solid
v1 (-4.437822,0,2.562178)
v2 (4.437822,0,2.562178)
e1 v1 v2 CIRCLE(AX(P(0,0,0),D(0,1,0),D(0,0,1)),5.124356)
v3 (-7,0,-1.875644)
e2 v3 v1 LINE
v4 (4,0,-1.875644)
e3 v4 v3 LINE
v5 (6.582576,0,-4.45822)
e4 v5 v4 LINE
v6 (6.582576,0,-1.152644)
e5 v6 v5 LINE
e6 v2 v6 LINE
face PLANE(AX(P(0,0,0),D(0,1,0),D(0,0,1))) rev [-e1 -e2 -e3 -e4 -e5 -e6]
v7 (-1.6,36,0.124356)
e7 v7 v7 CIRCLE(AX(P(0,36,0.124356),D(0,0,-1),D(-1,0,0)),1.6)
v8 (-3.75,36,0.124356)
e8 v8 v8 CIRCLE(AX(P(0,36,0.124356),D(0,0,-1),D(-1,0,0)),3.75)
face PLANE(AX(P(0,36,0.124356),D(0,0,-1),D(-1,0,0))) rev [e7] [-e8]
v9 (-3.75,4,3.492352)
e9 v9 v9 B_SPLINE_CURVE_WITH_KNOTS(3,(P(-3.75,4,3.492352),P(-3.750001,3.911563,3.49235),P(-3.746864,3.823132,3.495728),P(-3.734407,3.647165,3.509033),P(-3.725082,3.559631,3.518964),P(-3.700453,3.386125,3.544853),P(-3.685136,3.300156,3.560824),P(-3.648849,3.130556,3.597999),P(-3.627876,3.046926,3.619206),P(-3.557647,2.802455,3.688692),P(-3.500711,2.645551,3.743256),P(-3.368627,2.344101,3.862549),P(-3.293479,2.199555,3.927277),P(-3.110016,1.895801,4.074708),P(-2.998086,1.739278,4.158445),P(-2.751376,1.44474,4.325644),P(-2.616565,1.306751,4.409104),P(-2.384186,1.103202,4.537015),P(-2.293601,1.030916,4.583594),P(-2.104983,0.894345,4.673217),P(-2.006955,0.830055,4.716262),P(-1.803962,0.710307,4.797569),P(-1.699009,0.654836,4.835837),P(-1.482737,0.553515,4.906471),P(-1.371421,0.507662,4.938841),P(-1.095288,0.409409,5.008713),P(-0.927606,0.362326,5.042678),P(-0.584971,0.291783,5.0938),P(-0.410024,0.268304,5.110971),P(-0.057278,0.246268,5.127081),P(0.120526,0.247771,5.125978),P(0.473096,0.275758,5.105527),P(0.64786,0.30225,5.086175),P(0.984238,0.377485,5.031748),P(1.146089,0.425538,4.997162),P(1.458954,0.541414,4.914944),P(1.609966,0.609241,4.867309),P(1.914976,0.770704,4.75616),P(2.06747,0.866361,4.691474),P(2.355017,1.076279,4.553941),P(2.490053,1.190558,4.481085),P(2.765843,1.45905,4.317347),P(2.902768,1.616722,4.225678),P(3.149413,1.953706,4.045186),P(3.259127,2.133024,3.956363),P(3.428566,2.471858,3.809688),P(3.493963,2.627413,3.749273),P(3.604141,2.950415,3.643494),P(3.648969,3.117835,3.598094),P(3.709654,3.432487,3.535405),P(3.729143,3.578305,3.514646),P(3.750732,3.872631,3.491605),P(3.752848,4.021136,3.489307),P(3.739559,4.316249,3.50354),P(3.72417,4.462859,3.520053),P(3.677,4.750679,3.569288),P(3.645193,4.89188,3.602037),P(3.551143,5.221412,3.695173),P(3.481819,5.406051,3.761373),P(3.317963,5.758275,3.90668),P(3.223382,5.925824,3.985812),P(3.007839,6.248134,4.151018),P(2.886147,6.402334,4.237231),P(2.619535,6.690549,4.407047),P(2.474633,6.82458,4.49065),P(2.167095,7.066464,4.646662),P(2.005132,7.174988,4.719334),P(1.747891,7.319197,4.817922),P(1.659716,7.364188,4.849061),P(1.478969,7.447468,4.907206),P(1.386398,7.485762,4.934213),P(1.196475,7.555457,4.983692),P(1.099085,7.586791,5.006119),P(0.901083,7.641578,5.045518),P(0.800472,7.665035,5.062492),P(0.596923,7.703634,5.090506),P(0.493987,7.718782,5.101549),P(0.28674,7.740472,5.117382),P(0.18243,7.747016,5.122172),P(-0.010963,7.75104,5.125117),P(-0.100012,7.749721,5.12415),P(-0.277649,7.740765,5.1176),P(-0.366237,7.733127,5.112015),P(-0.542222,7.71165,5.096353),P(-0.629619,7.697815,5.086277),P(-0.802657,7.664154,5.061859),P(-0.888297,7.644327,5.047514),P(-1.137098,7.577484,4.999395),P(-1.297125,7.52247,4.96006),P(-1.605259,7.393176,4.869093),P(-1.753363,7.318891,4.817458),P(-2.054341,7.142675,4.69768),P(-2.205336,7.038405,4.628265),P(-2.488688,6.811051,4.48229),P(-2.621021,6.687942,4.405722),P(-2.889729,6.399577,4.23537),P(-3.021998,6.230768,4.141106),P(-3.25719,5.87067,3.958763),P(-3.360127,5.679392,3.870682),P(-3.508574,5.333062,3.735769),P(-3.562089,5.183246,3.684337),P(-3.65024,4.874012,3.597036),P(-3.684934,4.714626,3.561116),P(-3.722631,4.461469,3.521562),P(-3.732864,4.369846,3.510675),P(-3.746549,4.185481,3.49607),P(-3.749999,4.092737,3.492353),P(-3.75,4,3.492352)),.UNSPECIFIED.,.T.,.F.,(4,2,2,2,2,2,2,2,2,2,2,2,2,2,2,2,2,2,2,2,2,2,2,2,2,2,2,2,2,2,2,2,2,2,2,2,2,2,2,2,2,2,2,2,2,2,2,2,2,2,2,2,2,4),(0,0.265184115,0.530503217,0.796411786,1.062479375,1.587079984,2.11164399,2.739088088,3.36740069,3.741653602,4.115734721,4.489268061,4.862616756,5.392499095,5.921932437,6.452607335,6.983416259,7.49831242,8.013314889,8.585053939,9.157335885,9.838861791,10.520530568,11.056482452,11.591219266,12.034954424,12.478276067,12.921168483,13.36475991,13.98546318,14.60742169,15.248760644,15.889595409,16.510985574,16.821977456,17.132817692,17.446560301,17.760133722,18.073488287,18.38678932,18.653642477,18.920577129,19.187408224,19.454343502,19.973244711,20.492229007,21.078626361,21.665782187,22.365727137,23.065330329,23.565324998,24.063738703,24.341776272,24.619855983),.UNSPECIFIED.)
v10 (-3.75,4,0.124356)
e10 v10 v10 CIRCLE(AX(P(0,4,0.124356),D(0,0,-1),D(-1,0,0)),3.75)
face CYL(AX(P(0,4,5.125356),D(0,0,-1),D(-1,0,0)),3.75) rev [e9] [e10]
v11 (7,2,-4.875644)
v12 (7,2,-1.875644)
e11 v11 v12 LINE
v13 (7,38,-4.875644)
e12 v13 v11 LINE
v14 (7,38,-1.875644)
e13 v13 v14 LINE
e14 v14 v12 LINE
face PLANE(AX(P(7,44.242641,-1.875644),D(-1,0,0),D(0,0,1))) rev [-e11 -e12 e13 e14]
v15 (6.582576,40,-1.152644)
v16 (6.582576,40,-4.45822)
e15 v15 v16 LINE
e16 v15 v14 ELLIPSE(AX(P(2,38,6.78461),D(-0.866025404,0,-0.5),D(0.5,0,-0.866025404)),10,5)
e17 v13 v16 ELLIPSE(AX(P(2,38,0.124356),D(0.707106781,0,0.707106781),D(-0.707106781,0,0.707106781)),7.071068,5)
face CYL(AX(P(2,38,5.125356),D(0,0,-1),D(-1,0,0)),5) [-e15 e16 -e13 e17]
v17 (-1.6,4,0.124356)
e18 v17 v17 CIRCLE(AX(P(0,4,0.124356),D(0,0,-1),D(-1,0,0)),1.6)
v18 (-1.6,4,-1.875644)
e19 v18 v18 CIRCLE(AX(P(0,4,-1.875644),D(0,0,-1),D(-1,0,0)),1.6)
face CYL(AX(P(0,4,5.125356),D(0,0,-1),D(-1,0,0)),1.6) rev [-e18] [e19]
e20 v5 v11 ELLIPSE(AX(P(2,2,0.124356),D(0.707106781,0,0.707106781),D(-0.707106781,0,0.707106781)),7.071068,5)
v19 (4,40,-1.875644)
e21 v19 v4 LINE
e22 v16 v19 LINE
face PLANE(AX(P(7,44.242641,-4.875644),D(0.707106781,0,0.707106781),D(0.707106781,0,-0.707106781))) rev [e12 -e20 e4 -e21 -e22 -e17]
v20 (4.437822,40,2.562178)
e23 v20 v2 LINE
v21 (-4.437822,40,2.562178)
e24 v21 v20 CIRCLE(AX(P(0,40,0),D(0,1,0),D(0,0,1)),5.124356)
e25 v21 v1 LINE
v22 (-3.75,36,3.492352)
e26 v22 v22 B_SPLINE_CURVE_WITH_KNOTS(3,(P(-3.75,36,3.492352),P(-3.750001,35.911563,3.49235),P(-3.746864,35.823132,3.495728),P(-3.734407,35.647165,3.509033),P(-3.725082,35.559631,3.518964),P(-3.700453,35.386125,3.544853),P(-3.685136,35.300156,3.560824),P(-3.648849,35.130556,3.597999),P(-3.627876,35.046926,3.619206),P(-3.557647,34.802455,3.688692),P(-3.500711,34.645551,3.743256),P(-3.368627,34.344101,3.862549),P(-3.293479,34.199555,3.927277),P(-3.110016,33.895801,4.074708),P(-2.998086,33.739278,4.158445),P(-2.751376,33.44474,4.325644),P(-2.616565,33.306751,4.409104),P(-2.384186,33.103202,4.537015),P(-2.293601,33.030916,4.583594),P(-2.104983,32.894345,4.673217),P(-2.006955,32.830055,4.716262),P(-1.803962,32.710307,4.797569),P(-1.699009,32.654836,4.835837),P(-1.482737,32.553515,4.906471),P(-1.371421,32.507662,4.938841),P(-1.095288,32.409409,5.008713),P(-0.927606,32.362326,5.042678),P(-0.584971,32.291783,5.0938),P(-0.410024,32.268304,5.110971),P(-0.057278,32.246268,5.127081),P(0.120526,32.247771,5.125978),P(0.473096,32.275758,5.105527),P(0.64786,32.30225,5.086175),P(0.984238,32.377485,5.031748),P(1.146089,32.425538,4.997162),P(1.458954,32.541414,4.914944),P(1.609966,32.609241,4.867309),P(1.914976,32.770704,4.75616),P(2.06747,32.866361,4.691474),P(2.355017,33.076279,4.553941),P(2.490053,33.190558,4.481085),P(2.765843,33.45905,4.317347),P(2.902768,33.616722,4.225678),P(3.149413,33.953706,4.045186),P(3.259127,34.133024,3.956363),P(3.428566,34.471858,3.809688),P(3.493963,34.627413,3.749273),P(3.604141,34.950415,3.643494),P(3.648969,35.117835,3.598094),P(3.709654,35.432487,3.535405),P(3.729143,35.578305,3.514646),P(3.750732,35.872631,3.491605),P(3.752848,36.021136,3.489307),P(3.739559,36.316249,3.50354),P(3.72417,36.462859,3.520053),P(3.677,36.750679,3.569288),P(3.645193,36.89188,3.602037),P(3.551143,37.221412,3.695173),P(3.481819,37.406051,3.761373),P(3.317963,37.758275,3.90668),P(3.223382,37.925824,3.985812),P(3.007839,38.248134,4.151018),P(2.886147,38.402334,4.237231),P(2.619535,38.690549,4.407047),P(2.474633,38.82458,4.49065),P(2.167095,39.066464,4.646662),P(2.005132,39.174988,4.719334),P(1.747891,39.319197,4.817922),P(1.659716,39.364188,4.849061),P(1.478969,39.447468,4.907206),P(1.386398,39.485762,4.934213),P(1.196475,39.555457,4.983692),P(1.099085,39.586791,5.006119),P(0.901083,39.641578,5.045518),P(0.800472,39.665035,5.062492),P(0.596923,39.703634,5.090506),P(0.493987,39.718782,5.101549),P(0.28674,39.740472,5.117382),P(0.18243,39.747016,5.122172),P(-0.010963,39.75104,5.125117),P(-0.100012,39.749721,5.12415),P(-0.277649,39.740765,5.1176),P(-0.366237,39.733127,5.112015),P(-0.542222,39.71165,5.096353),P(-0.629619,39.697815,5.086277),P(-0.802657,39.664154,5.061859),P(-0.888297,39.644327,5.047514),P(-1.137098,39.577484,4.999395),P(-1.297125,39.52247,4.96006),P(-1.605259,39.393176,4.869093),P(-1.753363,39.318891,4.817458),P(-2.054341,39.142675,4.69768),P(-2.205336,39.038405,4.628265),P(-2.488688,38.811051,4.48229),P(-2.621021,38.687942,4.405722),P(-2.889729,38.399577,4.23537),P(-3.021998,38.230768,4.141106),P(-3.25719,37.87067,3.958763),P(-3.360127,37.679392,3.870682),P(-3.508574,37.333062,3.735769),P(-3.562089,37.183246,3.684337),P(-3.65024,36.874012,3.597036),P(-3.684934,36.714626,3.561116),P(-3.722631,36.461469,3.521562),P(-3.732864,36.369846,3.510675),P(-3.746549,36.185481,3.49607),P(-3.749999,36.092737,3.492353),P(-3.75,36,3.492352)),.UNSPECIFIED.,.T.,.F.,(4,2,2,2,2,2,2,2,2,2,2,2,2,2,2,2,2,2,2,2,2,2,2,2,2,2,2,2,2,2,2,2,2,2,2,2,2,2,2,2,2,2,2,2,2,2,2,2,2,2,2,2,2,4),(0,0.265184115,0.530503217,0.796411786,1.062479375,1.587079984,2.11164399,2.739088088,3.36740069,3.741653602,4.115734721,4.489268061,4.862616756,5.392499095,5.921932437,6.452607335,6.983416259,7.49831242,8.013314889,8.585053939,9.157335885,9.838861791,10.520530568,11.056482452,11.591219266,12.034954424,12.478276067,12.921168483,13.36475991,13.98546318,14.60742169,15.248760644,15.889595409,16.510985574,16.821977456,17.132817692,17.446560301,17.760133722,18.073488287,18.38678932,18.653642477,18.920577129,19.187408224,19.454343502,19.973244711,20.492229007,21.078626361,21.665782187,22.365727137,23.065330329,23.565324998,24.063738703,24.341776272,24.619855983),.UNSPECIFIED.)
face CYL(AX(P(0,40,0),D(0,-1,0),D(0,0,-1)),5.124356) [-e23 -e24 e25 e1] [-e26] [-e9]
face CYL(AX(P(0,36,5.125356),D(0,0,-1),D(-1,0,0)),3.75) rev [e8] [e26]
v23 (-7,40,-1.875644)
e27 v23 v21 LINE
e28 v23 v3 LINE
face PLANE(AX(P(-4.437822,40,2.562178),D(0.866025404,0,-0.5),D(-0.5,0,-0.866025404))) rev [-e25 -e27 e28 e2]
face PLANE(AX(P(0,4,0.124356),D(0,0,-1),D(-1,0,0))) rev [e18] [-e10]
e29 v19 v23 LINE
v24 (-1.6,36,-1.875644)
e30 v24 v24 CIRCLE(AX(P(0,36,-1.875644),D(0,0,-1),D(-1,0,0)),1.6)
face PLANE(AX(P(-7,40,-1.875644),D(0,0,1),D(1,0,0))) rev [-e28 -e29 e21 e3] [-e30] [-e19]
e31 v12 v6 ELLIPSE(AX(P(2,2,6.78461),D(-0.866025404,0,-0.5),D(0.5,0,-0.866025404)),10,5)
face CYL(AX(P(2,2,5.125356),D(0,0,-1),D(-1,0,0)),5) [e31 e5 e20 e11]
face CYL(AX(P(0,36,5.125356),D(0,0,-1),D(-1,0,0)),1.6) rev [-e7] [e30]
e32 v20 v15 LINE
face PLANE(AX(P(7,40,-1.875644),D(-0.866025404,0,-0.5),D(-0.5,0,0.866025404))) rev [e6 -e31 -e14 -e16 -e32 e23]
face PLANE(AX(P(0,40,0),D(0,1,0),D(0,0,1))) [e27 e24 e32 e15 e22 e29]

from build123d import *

# Parameters (mm, degrees)
EXTRUDE_1_DEPTH          = 40
CUT_EXTRUDE_1_REACH      = 43.207
CUT_EXTRUDE_1_END_RADIUS = 5.124355653
SKETCH_3_R               = 1.6
CUT_EXTRUDE_2_REACH      = 45.207
CUT_EXTRUDE_2_END_RADIUS = 5.124355653
CUT_EXTRUDE_START        = -2
SKETCH_4_R               = 3.75
CUT_EXTRUDE_3_REACH      = 43.207
EXTRUDE_2_REACH          = 42.93
CUT_EXTRUDE_4_REACH      = 43.207


with BuildPart() as part:
    # 草图1 → 凸台-拉伸1 (new body)
    with BuildSketch(Plane(origin=(0, 0, 0), x_dir=(1, 0, 0), z_dir=(0, 1, 0))):
        with BuildLine():
            Line((-4.437822174, -2.562177826), (-7, 1.875644347))
            Line((-7, 1.875644347), (7, 1.875644347))
            Line((7, 1.875644347), (4.437822174, -2.562177826))
            ThreePointArc((4.437822174, -2.562177826), (0, -5.124355653), (-4.437822174, -2.562177826))
        make_face()
    extrude(amount=EXTRUDE_1_DEPTH)

    # 切除-拉伸1: up to this cylinder (the profile starts inside it)
    cut_extrude_1_end = Plane(origin=(0, 20, 0), z_dir=(0, -1, 0)) * Cylinder(CUT_EXTRUDE_1_END_RADIUS, 129.662711306, mode=Mode.PRIVATE)
    # 草图3 → 切除-拉伸1 (cut, up to the surface)
    with BuildSketch(Plane(origin=(0, 0, -1.875644347), x_dir=(-1, 0, 0), z_dir=(0, 0, -1)), mode=Mode.PRIVATE) as cut_extrude_1_sk1:
        with Locations((0, 4)):
            Circle(SKETCH_3_R)
    cut_extrude_1_tool1 = extrude(cut_extrude_1_sk1.sketch, amount=-CUT_EXTRUDE_1_REACH, mode=Mode.PRIVATE) & cut_extrude_1_end
    add(cut_extrude_1_tool1.solids().sort_by_distance((0, 4, -1.875644))[0], mode=Mode.SUBTRACT)
    # 草图3 → 切除-拉伸1 (cut, up to the surface)
    with BuildSketch(Plane(origin=(0, 0, -1.875644347), x_dir=(-1, 0, 0), z_dir=(0, 0, -1)), mode=Mode.PRIVATE) as cut_extrude_1_sk2:
        with Locations((0, 36)):
            Circle(SKETCH_3_R)
    cut_extrude_1_tool2 = extrude(cut_extrude_1_sk2.sketch, amount=-CUT_EXTRUDE_1_REACH, mode=Mode.PRIVATE) & cut_extrude_1_end
    add(cut_extrude_1_tool2.solids().sort_by_distance((0, 36, -1.875644))[0], mode=Mode.SUBTRACT)

    # 切除-拉伸2: up to this cylinder (the profile starts inside it)
    cut_extrude_2_end = Plane(origin=(0, 20, 0), z_dir=(0, -1, 0)) * Cylinder(CUT_EXTRUDE_2_END_RADIUS, 133.662711306, mode=Mode.PRIVATE)
    # 草图4 → 切除-拉伸2 (cut, up to the surface)
    with BuildSketch(Plane(origin=(0, 0, -1.875644347), x_dir=(-1, 0, 0), z_dir=(0, 0, -1)).offset(CUT_EXTRUDE_START), mode=Mode.PRIVATE) as cut_extrude_2_sk1:
        with Locations((0, 4)):
            Circle(SKETCH_4_R)
    cut_extrude_2_tool1 = extrude(cut_extrude_2_sk1.sketch, amount=-CUT_EXTRUDE_2_REACH, mode=Mode.PRIVATE) & cut_extrude_2_end
    add(cut_extrude_2_tool1.solids().sort_by_distance((0, 4, 0.124356))[0], mode=Mode.SUBTRACT)
    # 草图4 → 切除-拉伸2 (cut, up to the surface)
    with BuildSketch(Plane(origin=(0, 0, -1.875644347), x_dir=(-1, 0, 0), z_dir=(0, 0, -1)).offset(CUT_EXTRUDE_START), mode=Mode.PRIVATE) as cut_extrude_2_sk2:
        with Locations((0, 36)):
            Circle(SKETCH_4_R)
    cut_extrude_2_tool2 = extrude(cut_extrude_2_sk2.sketch, amount=-CUT_EXTRUDE_2_REACH, mode=Mode.PRIVATE) & cut_extrude_2_end
    add(cut_extrude_2_tool2.solids().sort_by_distance((0, 36, 0.124356))[0], mode=Mode.SUBTRACT)

    # 草图6 → 切除-拉伸3 (cut, up to next)
    with BuildSketch(Plane(origin=(0, 0, -1.875644347), x_dir=(-1, 0, 0), z_dir=(0, 0, -1)), mode=Mode.PRIVATE) as cut_extrude_3_sk1:
        with BuildLine():
            Line((-7, 2), (-7, 0))
            Line((-7, 0), (-6.582575695, 0))
            ThreePointArc((-6.582575695, 0), (-6.894531565, 0.978451782), (-7, 2))
        make_face()
    cut_extrude_3_tool1 = extrude(cut_extrude_3_sk1.sketch, amount=-CUT_EXTRUDE_3_REACH, mode=Mode.PRIVATE) & part.part
    # 草图6 → 切除-拉伸3 (cut, up to next)
    with BuildSketch(Plane(origin=(0, 0, -1.875644347), x_dir=(-1, 0, 0), z_dir=(0, 0, -1)), mode=Mode.PRIVATE) as cut_extrude_3_sk2:
        with BuildLine():
            Line((-7, 40), (-6.582575695, 40))
            ThreePointArc((-6.582575695, 40), (-6.894531565, 39.021548218), (-7, 38))
            Line((-7, 38), (-7, 40))
        make_face()
    cut_extrude_3_tool2 = extrude(cut_extrude_3_sk2.sketch, amount=-CUT_EXTRUDE_3_REACH, mode=Mode.PRIVATE) & part.part
    add(cut_extrude_3_tool1.solids().sort_by_distance((6.875723, 0.49573, -1.875644))[0], mode=Mode.SUBTRACT)
    add(cut_extrude_3_tool2.solids().sort_by_distance((6.875723, 39.50427, -1.875644))[0], mode=Mode.SUBTRACT)

    # 凸台-拉伸2: up to this face of the body (flat: up to its plane)
    extrude_2_end = Plane(part.part.faces().sort_by_distance((-0.015198687, 40, 1.011851656))[0])
    # 草图7 → 凸台-拉伸2 (add, up to the picked face)
    with BuildSketch(Plane(origin=(0, 0, 0), x_dir=(1, 0, 0), z_dir=(0, 1, 0)), mode=Mode.PRIVATE) as extrude_2_sk1:
        Polygon((7, 1.875644347), (7, 4.875644347), (4, 1.875644347), align=None)
    extrude_2_tool1 = split(extrude(extrude_2_sk1.sketch, amount=EXTRUDE_2_REACH, mode=Mode.PRIVATE), bisect_by=extrude_2_end, keep=Keep.BOTH, mode=Mode.PRIVATE)
    add(extrude_2_tool1.solids().sort_by(Axis((6, 0, -2.875644), (0, 1, 0)))[0])

    # 切除-拉伸4: up to this plane
    cut_extrude_4_end = Plane(origin=(7, 44.242640687, -4.875644347), z_dir=(0.7071067811865476, 0, 0.7071067811865476))
    # 草图8 → 切除-拉伸4 (cut, up to the surface)
    with BuildSketch(Plane.XY.offset(-1.875644347), mode=Mode.PRIVATE) as cut_extrude_4_sk1:
        with BuildLine():
            Line((7, 38), (7, 40))
            Line((7, 40), (6.582575695, 40))
            ThreePointArc((6.582575695, 40), (6.894531565, 39.021548218), (7, 38))
        make_face()
    cut_extrude_4_tool1 = split(extrude(cut_extrude_4_sk1.sketch, amount=-CUT_EXTRUDE_4_REACH, mode=Mode.PRIVATE), bisect_by=cut_extrude_4_end, keep=Keep.BOTH, mode=Mode.PRIVATE)
    add(cut_extrude_4_tool1.solids().sort_by_distance((6.875723, 39.50427, -1.875644))[0], mode=Mode.SUBTRACT)
    # 草图8 → 切除-拉伸4 (cut, up to the surface)
    with BuildSketch(Plane.XY.offset(-1.875644347), mode=Mode.PRIVATE) as cut_extrude_4_sk2:
        with BuildLine():
            Line((6.582575695, 0), (7, 0))
            Line((7, 0), (7, 2))
            ThreePointArc((7, 2), (6.894531565, 0.978451782), (6.582575695, 0))
        make_face()
    cut_extrude_4_tool2 = split(extrude(cut_extrude_4_sk2.sketch, amount=-CUT_EXTRUDE_4_REACH, mode=Mode.PRIVATE), bisect_by=cut_extrude_4_end, keep=Keep.BOTH, mode=Mode.PRIVATE)
    add(cut_extrude_4_tool2.solids().sort_by_distance((6.875723, 0.49573, -1.875644))[0], mode=Mode.SUBTRACT)


solid = part.part
